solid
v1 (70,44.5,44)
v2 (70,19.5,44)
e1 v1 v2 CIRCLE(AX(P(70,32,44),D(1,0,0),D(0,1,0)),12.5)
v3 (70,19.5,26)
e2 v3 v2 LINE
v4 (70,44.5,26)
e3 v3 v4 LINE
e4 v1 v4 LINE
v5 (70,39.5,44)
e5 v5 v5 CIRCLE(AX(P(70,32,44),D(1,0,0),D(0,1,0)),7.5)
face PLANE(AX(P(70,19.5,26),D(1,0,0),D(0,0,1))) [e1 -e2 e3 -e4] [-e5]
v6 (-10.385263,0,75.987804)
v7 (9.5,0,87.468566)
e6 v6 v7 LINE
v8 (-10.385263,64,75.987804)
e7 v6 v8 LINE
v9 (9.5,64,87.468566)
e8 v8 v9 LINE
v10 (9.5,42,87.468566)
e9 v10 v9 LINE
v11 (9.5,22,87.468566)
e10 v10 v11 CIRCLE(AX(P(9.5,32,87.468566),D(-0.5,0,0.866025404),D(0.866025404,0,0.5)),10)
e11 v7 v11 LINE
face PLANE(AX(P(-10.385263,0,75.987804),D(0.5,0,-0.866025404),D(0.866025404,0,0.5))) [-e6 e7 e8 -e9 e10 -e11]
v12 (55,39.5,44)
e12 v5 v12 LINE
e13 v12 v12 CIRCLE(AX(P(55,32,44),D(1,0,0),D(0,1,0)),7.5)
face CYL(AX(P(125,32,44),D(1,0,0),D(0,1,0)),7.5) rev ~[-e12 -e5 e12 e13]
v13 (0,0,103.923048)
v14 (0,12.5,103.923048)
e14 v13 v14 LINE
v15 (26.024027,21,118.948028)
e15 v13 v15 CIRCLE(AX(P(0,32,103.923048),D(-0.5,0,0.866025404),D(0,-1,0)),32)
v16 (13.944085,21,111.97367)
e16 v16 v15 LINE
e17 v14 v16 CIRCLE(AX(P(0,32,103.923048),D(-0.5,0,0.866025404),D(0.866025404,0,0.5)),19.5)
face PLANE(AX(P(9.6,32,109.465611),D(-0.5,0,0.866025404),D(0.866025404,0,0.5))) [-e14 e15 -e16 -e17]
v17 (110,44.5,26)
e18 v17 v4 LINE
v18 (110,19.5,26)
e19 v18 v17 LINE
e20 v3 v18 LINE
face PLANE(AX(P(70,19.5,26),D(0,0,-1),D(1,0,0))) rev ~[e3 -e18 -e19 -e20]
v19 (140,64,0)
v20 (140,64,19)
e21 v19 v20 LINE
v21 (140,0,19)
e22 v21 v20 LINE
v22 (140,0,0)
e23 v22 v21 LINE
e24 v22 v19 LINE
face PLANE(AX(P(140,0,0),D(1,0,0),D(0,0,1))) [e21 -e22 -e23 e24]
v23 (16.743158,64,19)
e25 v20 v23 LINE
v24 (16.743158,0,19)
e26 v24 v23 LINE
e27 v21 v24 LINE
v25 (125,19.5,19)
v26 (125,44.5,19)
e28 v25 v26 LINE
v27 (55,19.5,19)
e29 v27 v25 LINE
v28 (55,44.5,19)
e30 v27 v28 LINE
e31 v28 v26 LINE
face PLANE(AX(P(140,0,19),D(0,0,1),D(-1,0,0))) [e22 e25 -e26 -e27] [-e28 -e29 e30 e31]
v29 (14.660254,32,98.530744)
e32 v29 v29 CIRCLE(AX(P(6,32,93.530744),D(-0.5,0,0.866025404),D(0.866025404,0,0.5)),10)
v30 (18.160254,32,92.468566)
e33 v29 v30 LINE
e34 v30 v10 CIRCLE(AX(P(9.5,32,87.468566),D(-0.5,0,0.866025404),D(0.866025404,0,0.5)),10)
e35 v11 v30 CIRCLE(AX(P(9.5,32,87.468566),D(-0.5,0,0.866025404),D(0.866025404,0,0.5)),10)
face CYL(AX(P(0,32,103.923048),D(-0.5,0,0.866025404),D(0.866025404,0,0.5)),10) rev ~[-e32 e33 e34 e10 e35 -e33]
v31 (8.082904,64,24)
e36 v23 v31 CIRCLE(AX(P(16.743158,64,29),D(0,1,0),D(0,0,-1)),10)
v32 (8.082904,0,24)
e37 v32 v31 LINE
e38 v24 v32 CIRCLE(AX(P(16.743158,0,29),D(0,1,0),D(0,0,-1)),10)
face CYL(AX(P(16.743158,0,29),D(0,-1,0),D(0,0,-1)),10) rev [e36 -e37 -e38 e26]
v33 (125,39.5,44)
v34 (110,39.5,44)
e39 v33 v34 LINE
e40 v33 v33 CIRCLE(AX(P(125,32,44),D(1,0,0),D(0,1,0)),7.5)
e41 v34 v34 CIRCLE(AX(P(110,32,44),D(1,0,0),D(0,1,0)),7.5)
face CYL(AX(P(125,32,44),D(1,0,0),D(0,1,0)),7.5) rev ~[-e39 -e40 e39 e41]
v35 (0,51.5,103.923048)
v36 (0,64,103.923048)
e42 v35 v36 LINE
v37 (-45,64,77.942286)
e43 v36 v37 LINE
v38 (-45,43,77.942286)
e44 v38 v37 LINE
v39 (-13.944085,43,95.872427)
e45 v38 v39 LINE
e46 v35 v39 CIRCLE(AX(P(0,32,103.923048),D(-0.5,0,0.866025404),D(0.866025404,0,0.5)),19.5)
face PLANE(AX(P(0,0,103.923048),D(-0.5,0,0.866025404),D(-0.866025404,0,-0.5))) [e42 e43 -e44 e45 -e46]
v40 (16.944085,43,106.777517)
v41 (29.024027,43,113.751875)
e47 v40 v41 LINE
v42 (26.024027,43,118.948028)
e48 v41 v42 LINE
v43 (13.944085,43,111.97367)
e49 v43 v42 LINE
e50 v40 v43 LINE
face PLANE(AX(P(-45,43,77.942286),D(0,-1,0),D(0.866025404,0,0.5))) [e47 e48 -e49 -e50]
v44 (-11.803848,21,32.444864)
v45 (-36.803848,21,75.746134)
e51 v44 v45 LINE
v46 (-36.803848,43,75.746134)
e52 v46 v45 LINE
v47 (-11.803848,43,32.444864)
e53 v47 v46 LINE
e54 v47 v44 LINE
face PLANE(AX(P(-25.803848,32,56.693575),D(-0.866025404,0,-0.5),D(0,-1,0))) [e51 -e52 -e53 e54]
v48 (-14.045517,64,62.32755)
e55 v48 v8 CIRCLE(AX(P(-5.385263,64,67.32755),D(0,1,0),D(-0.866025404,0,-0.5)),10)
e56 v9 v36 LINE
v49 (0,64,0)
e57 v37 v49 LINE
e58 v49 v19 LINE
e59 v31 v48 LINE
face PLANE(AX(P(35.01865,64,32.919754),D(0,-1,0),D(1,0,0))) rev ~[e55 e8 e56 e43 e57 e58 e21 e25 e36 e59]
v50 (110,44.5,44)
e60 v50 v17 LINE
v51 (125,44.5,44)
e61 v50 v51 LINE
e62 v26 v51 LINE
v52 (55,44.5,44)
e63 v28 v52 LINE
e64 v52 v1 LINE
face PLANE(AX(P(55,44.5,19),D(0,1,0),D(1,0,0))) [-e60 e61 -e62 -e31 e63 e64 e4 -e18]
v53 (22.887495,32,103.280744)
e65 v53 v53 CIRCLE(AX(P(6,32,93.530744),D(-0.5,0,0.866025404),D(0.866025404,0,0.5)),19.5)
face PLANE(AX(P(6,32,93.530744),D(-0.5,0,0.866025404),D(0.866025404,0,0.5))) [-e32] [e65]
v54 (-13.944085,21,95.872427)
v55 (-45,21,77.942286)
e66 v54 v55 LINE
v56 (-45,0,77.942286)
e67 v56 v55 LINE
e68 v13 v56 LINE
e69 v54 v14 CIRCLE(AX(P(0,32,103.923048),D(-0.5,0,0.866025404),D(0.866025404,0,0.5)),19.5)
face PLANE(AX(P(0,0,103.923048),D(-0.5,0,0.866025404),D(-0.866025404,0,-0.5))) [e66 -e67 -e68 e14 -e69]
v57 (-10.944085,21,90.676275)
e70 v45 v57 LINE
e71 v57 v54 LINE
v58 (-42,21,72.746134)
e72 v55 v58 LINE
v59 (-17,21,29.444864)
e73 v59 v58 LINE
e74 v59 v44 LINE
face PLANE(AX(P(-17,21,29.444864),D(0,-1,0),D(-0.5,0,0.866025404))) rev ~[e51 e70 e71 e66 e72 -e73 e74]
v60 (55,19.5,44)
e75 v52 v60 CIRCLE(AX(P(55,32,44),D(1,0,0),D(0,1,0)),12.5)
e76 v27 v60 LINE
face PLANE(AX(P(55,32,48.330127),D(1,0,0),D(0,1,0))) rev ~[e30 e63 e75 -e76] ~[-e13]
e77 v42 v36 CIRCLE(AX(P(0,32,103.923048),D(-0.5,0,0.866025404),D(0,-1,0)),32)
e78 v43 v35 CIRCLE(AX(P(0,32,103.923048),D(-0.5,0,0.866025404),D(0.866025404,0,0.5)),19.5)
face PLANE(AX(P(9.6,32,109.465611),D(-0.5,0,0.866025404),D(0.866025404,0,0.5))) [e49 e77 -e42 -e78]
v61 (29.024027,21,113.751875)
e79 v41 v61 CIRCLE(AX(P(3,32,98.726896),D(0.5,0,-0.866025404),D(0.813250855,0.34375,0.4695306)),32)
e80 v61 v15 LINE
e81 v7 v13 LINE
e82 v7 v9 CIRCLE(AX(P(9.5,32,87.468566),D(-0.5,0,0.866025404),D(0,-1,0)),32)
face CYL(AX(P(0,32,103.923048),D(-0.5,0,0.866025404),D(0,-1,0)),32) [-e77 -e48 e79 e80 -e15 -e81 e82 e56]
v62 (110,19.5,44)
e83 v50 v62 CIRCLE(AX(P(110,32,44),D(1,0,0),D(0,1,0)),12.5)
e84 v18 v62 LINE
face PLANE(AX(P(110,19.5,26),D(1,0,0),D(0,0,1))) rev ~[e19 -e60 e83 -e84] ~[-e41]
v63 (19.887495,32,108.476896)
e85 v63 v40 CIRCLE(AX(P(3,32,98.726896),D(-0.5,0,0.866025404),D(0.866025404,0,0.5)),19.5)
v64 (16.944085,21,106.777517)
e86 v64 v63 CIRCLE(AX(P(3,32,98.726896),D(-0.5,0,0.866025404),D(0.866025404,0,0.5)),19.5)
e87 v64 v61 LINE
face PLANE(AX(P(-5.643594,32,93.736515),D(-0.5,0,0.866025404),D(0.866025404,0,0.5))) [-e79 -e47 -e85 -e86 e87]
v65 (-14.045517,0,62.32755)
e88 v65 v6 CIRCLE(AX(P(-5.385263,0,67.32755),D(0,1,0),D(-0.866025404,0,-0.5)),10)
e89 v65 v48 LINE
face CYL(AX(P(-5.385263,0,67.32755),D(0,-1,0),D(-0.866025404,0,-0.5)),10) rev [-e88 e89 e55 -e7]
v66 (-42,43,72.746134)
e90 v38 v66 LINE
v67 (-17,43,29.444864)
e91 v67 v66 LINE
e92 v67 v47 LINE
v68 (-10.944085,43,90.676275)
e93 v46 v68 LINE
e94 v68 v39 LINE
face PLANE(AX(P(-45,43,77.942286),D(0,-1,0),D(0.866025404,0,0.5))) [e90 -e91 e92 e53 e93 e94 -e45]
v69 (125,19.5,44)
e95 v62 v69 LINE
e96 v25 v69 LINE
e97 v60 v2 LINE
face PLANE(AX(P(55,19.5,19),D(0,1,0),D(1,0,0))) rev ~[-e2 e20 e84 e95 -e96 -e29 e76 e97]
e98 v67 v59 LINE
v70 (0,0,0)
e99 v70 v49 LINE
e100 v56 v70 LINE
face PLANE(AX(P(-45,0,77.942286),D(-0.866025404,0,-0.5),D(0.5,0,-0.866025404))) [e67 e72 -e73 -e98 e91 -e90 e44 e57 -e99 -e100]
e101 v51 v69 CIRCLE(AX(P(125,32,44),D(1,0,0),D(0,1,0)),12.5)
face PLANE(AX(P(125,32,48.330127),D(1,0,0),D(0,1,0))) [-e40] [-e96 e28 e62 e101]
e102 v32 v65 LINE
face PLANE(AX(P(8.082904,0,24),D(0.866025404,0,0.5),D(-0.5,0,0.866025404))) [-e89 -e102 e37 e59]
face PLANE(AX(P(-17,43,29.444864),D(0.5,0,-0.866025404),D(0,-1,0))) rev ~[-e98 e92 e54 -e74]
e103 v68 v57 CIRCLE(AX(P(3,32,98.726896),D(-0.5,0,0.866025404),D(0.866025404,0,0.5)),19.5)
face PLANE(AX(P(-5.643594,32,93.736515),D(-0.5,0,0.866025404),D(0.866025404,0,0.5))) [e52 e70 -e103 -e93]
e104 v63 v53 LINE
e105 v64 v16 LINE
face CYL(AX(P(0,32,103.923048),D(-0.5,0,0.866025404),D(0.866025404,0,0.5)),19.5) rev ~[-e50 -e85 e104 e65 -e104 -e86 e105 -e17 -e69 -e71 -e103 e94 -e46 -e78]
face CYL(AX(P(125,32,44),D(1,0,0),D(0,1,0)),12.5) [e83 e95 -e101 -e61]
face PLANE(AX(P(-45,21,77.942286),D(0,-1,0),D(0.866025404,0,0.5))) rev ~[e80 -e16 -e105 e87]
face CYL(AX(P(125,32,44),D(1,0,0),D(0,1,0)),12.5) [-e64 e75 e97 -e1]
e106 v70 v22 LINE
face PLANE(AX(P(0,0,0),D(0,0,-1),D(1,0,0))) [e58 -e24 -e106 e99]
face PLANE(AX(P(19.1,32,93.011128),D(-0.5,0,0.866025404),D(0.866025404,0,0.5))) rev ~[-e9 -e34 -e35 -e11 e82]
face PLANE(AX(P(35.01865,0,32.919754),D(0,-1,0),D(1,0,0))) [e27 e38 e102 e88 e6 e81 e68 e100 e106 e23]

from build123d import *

# Parameters (mm, degrees)
F1_DEPTH  = 64
F3_DEPTH  = 19
F4_R      = 10
F5_DEPTH  = 19
F6_R      = 19.5
F7_DEPTH  = 12
F8_W      = 83.9615242271
F8_H      = 22
F9_DEPTH  = 6
F10_W     = 22
F10_H     = 56
F11_DEPTH = 6
F12_W     = 70
F12_H     = 25
F13_DEPTH = 25
F15_DEPTH = 70
F16_R     = 7.5
F17_DEPTH = 70
F18_W     = 40
F18_H     = 40.1206766963
F19_DEPTH = 44.501


with BuildPart() as f1:
    # F0 (on Front) → F1 (new body)
    with BuildSketch(Plane.XZ):
        with BuildLine():
            Line((-45, 77.9422863406), (0, 0))
            Line((0, 0), (140, 0))
            Line((140, 0), (140, 19))
            Line((140, 19), (16.7431578065, 19))
            ThreePointArc((16.7431578065, 19), (11.7431578065, 20.3397459622), (8.0829037687, 24))
            Line((8.0829037687, 24), (-14.0455173281, 62.3275496309))
            ThreePointArc((-14.0455173281, 62.3275496309), (-15.0445215531, 69.9157400819), (-10.3852632903, 75.9878036687))
            Line((-10.3852632903, 75.9878036687), (9.5, 87.4685657822))
            Line((9.5, 87.4685657822), (0, 103.9230484541))
            Line((0, 103.9230484541), (-45, 77.9422863406))
        make_face()
    extrude(amount=-F1_DEPTH)

    # F2 (on face) → F3 (join)
    with BuildSketch(Plane(origin=(-45, 0, 77.9422863406), x_dir=(0.8660254038, 0, 0.5), z_dir=(-0.5, 0, 0.8660254038))):
        with BuildLine():
            Line((51.9615242271, 64), (51.9615242271, 0))
            ThreePointArc((51.9615242271, 0), (83.9615242271, 32), (51.9615242271, 64))
        make_face()
    extrude(amount=-F3_DEPTH)

    # F4 (on face) → F5 (cut)
    with BuildSketch(Plane(origin=(-45, 0, 77.9422863406), x_dir=(0.8660254038, 0, 0.5), z_dir=(-0.5, 0, 0.8660254038))):
        with Locations((51.9615242271, 32)):
            Circle(F4_R)
    extrude(amount=-F5_DEPTH, mode=Mode.SUBTRACT)

    # F6 (on face) → F7 (cut)
    with BuildSketch(Plane(origin=(-45, 0, 77.9422863406), x_dir=(0.8660254038, 0, 0.5), z_dir=(-0.5, 0, 0.8660254038))):
        with Locations((51.9615242271, 32)):
            Circle(F6_R)
    extrude(amount=-F7_DEPTH, mode=Mode.SUBTRACT)

    # F8 (on face) → F9 (cut)
    with BuildSketch(Plane(origin=(-45, 0, 77.9422863406), x_dir=(0.8660254038, 0, 0.5), z_dir=(-0.5, 0, 0.8660254038))):
        with Locations((41.9807621135, 32)):
            Rectangle(F8_W, F8_H)
    extrude(amount=-F9_DEPTH, mode=Mode.SUBTRACT)

    # F10 (on face) → F11 (cut)
    with BuildSketch(Plane(origin=(0, 0, 0), x_dir=(0, -1, 0), z_dir=(-0.8660254038, 0, -0.5))):
        with Locations((-32, 62)):
            Rectangle(F10_W, F10_H)
    extrude(amount=-F11_DEPTH, mode=Mode.SUBTRACT)

    # F12 (on face) → F13 (join)
    with BuildSketch(Plane.XY.offset(19)):
        with Locations((90, 32)):
            Rectangle(F12_W, F12_H)
    extrude(amount=F13_DEPTH)

    # F14 (on face) → F15 (join)
    with BuildSketch(Plane.YZ.offset(125)):
        with BuildLine():
            Line((19.5, 44), (44.5, 44))
            ThreePointArc((44.5, 44), (32, 56.5), (19.5, 44))
        make_face()
    extrude(amount=-F15_DEPTH)

    # F16 (on face) → F17 (cut)
    with BuildSketch(Plane.YZ.offset(125)):
        with Locations((32, 44)):
            Circle(F16_R)
    extrude(amount=-F17_DEPTH, mode=Mode.SUBTRACT)

    # F18 (on face) → F19 (cut, through all)
    with BuildSketch(Plane.XZ.offset(-19.5)):
        with Locations((90, 46.0603383482)):
            Rectangle(F18_W, F18_H)
    extrude(amount=-F19_DEPTH, mode=Mode.SUBTRACT)


solid = f1.part
